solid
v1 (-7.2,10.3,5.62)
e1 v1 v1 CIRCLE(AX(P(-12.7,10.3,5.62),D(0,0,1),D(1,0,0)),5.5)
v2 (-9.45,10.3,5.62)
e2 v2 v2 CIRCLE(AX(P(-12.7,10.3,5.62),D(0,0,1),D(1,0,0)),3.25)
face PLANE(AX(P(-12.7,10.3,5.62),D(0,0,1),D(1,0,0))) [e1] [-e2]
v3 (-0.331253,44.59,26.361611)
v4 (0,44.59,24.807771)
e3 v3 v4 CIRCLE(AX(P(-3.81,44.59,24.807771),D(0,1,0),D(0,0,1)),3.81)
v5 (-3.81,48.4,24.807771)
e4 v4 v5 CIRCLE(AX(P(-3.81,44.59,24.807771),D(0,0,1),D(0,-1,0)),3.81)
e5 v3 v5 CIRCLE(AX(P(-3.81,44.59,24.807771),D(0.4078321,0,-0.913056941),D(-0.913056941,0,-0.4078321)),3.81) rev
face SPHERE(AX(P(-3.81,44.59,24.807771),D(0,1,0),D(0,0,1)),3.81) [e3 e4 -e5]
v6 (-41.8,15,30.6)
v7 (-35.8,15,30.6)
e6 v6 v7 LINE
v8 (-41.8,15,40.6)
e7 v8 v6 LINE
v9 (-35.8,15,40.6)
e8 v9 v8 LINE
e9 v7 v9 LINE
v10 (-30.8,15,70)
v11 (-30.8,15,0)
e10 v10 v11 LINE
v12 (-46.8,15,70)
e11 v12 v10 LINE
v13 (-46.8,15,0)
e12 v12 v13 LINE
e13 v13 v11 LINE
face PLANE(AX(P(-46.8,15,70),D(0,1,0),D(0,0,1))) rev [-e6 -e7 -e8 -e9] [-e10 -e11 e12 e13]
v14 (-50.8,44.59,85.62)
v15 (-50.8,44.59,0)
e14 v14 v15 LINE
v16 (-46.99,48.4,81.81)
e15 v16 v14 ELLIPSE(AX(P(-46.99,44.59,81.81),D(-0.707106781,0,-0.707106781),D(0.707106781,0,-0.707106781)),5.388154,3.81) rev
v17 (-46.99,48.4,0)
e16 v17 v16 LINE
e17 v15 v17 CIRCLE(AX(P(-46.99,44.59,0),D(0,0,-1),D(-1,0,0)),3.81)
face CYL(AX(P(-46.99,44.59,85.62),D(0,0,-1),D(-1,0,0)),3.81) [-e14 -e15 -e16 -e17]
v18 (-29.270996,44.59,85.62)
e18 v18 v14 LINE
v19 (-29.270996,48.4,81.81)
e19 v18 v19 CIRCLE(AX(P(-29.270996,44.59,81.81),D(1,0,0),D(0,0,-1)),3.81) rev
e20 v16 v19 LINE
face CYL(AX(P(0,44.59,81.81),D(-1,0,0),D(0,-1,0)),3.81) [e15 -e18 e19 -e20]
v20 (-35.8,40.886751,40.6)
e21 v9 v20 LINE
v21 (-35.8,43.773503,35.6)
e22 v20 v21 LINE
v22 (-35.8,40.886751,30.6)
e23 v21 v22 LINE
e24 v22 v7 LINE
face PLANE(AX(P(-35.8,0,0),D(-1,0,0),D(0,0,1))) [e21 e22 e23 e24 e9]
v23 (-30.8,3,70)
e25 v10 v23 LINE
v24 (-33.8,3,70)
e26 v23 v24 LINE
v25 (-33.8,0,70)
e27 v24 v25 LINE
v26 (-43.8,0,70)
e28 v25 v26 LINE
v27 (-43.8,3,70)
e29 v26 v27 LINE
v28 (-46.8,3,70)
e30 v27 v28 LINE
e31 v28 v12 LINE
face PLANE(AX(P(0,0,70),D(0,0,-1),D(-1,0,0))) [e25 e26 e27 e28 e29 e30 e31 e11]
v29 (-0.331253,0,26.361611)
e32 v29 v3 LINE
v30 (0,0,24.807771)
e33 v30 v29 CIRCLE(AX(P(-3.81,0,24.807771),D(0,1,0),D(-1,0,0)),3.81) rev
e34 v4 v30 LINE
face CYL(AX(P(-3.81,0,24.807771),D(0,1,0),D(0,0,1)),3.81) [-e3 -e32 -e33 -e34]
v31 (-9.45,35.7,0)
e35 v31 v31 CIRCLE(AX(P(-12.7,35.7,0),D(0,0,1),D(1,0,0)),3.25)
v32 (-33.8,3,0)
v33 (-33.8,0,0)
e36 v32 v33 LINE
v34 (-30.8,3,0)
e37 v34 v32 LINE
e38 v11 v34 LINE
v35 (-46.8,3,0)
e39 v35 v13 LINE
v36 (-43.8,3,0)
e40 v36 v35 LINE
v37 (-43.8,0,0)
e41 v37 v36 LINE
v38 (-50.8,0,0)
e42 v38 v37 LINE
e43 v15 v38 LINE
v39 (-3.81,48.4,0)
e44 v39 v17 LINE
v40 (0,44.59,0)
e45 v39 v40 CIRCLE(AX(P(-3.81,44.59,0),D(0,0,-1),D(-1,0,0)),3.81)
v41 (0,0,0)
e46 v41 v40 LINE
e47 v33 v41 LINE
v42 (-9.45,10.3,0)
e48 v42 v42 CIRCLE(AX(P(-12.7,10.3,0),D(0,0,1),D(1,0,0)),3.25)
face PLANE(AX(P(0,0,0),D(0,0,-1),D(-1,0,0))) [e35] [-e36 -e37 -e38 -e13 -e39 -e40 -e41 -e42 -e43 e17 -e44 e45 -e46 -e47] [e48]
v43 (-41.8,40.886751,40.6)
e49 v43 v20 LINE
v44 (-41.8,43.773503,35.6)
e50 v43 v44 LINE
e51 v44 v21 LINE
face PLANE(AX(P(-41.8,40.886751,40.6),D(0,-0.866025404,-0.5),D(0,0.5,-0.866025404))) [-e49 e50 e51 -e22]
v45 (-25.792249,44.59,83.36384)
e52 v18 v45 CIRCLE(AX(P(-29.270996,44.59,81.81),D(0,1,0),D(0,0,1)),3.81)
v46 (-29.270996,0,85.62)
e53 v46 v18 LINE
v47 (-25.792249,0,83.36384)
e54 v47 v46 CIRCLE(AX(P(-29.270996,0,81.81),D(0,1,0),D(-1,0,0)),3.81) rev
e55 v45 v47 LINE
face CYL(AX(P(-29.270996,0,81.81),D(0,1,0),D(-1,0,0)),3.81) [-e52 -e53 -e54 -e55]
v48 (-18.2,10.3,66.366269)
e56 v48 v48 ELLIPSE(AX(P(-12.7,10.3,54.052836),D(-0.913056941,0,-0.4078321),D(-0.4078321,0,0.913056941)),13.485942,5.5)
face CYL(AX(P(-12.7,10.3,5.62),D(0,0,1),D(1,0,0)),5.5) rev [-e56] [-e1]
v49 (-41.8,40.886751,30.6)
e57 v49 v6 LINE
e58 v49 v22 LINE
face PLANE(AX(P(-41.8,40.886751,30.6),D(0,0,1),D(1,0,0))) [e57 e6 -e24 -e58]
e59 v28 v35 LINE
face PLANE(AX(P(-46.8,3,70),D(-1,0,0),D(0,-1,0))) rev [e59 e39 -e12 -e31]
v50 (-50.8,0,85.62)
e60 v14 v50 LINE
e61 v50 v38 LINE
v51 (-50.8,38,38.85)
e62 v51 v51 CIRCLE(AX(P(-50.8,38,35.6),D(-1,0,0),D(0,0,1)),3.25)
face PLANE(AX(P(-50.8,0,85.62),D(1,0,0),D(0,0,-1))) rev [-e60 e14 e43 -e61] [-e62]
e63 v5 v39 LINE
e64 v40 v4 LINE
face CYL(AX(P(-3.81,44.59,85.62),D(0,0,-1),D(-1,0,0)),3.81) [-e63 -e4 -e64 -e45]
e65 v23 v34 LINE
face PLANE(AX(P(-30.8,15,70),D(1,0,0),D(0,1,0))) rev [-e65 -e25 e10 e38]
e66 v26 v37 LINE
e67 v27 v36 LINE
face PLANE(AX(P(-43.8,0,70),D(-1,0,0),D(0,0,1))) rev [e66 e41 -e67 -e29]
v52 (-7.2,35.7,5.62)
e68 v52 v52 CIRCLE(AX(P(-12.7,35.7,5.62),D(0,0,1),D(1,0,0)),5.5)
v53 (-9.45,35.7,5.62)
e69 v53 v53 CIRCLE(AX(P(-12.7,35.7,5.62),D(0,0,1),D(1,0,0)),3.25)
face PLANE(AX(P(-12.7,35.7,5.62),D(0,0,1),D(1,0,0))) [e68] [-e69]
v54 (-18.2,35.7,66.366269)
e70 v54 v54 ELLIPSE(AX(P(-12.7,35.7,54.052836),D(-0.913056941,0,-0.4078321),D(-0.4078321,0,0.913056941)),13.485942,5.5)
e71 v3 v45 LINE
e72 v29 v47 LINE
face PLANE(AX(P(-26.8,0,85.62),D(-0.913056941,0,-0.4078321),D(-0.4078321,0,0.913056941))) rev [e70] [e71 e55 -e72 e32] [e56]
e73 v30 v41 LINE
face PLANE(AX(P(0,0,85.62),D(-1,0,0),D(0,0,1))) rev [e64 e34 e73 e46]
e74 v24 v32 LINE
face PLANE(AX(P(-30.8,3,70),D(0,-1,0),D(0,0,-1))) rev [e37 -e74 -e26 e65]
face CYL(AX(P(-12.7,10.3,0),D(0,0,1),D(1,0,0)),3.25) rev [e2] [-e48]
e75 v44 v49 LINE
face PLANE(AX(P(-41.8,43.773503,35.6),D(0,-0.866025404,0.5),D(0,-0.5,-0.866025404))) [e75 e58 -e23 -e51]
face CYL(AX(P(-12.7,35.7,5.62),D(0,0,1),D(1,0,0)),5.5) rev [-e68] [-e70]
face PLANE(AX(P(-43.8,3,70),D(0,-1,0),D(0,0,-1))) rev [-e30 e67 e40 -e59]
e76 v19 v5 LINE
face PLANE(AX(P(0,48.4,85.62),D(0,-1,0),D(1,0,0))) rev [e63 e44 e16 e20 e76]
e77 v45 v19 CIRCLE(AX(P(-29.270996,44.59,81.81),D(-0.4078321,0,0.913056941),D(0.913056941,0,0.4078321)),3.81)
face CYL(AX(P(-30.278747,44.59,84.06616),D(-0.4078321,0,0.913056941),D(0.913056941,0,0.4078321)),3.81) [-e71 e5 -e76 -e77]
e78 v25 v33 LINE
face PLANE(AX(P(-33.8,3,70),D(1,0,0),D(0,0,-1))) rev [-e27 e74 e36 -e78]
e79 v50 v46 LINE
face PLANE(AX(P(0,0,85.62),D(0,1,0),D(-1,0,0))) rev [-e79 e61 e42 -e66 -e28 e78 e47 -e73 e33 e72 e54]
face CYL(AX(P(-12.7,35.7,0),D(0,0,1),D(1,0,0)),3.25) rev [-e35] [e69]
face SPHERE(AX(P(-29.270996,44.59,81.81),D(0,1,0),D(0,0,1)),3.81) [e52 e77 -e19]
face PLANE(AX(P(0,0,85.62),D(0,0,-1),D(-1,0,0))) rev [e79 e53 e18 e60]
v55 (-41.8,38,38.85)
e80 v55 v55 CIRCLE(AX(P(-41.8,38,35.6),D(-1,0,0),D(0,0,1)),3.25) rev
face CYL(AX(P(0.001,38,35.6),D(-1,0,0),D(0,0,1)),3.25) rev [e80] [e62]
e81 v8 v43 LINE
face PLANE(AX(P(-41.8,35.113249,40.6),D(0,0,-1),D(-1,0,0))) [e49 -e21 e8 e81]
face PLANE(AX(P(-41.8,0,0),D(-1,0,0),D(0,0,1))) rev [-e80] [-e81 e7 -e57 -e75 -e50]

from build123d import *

# Parameters (mm, degrees)
SKETCH1_W               = 48.4
SKETCH1_H               = 50.8
BOSS_EXTRUDE1_DEPTH     = 85.62
CUT_EXTRUDE1_DEPTH      = 49.4
CUT_EXTRUDE2_DEPTH      = 70
SKETCH5_R               = 5.5
CUT_EXTRUDE3_DEPTH      = 80
SKETCH6_R               = 3.25
CUT_EXTRUDE4_DEPTH      = 6.62
CUT_EXTRUDE5_DEPTH      = 3
CUT_EXTRUDE5_DEPTH_BACK = 3
CUT_EXTRUDE6_REACH      = 35.4
SKETCH8_W               = 6
SKETCH8_H               = 10
CUT_EXTRUDE7_REACH      = 52.8
SKETCH4_R               = 3.25
FILLET1_R               = 3.81


with BuildPart() as part:
    # Sketch1 → Boss-Extrude1 (new body)
    with BuildSketch(Plane(origin=(0, 0, 0), x_dir=(0, 1, 0), z_dir=(0, 0, 1))):
        with Locations((24.2, 25.4)):
            Rectangle(SKETCH1_W, SKETCH1_H)
    extrude(amount=BOSS_EXTRUDE1_DEPTH)

    # Sketch2 → Cut-Extrude1 (cut, through all)
    with BuildSketch(Plane(origin=(0, 48.4, 0), x_dir=(-1, 0, 0), z_dir=(0, 1, 0))):
        Polygon((26.8, 85.62), (0, 25.62), (0, 85.62), align=None)
    extrude(amount=-CUT_EXTRUDE1_DEPTH, mode=Mode.SUBTRACT)

    # Sketch3 → Cut-Extrude2 (cut)
    with BuildSketch(Plane(origin=(0, 0, 0), x_dir=(1, 0, 0), z_dir=(0, 0, -1))):
        Polygon((-43.8, 0), (-43.8, -3), (-46.8, -3), (-46.8, -15), (-30.8, -15), (-30.8, -3), (-33.8, -3), (-33.8, 0), align=None)
    extrude(amount=-CUT_EXTRUDE2_DEPTH, mode=Mode.SUBTRACT)

    # Sketch5 → Cut-Extrude3 (cut)
    with BuildSketch(Plane.XY.offset(85.62)):
        with Locations((-12.7, 10.3)):
            Circle(SKETCH5_R)
        with Locations((-12.7, 35.7)):
            Circle(SKETCH5_R)
    extrude(amount=-CUT_EXTRUDE3_DEPTH, mode=Mode.SUBTRACT)

    # Sketch6 → Cut-Extrude4 (cut, through all)
    with BuildSketch(Plane.XY.offset(5.62)):
        with Locations((-12.7, 35.7)):
            Circle(SKETCH6_R)
        with Locations((-12.7, 10.3)):
            Circle(SKETCH6_R)
    extrude(amount=-CUT_EXTRUDE4_DEPTH, mode=Mode.SUBTRACT)

    # Sketch7 → Cut-Extrude5 (cut, two sides)
    with BuildSketch(Plane.ZY.offset(38.8)) as cut_extrude5_sk:
        Polygon((35.6, 43.773502692), (30.6, 40.886751346), (30.6, 35.113248654), (35.6, 32.226497308), (40.6, 35.113248654), (40.6, 40.886751346), align=None)
    extrude(amount=CUT_EXTRUDE5_DEPTH, mode=Mode.SUBTRACT)
    extrude(cut_extrude5_sk.sketch, amount=-CUT_EXTRUDE5_DEPTH_BACK, mode=Mode.SUBTRACT)

    # Sketch8 → Cut-Extrude6 (cut, up to next)
    with BuildSketch(Plane.XZ.offset(-15), mode=Mode.PRIVATE) as cut_extrude6_sk1:
        with Locations((-38.8, 35.6)):
            Rectangle(SKETCH8_W, SKETCH8_H)
    cut_extrude6_tool1 = extrude(cut_extrude6_sk1.sketch, amount=-CUT_EXTRUDE6_REACH, mode=Mode.PRIVATE) & part.part
    add(cut_extrude6_tool1.solids().sort_by_distance((-38.8, 15, 35.6))[0], mode=Mode.SUBTRACT)

    # Sketch4 → Cut-Extrude7 (cut, up to next)
    with BuildSketch(Plane(origin=(-50.8, 0, 0), x_dir=(0, -1, 0), z_dir=(-1, 0, 0)), mode=Mode.PRIVATE) as cut_extrude7_sk1:
        with Locations((-38, 35.6)):
            Circle(SKETCH4_R)
    cut_extrude7_tool1 = extrude(cut_extrude7_sk1.sketch, amount=-CUT_EXTRUDE7_REACH, mode=Mode.PRIVATE) & part.part
    add(cut_extrude7_tool1.solids().sort_by_distance((-50.8, 38, 35.6))[0], mode=Mode.SUBTRACT)

    # Fillet1
    fillet1_edges = [part.edges().sort_by_distance(p)[0] for p in [
        (-38.8, 48.4, 85.62),
        (0, 48.4, 12.81),
        (-26.8, 24.2, 85.62),
        (0, 24.2, 25.62),
        (-13.4, 48.4, 55.62),
        (-50.8, 48.4, 42.81),
    ]]
    fillet(fillet1_edges, radius=FILLET1_R)


solid = part.part
